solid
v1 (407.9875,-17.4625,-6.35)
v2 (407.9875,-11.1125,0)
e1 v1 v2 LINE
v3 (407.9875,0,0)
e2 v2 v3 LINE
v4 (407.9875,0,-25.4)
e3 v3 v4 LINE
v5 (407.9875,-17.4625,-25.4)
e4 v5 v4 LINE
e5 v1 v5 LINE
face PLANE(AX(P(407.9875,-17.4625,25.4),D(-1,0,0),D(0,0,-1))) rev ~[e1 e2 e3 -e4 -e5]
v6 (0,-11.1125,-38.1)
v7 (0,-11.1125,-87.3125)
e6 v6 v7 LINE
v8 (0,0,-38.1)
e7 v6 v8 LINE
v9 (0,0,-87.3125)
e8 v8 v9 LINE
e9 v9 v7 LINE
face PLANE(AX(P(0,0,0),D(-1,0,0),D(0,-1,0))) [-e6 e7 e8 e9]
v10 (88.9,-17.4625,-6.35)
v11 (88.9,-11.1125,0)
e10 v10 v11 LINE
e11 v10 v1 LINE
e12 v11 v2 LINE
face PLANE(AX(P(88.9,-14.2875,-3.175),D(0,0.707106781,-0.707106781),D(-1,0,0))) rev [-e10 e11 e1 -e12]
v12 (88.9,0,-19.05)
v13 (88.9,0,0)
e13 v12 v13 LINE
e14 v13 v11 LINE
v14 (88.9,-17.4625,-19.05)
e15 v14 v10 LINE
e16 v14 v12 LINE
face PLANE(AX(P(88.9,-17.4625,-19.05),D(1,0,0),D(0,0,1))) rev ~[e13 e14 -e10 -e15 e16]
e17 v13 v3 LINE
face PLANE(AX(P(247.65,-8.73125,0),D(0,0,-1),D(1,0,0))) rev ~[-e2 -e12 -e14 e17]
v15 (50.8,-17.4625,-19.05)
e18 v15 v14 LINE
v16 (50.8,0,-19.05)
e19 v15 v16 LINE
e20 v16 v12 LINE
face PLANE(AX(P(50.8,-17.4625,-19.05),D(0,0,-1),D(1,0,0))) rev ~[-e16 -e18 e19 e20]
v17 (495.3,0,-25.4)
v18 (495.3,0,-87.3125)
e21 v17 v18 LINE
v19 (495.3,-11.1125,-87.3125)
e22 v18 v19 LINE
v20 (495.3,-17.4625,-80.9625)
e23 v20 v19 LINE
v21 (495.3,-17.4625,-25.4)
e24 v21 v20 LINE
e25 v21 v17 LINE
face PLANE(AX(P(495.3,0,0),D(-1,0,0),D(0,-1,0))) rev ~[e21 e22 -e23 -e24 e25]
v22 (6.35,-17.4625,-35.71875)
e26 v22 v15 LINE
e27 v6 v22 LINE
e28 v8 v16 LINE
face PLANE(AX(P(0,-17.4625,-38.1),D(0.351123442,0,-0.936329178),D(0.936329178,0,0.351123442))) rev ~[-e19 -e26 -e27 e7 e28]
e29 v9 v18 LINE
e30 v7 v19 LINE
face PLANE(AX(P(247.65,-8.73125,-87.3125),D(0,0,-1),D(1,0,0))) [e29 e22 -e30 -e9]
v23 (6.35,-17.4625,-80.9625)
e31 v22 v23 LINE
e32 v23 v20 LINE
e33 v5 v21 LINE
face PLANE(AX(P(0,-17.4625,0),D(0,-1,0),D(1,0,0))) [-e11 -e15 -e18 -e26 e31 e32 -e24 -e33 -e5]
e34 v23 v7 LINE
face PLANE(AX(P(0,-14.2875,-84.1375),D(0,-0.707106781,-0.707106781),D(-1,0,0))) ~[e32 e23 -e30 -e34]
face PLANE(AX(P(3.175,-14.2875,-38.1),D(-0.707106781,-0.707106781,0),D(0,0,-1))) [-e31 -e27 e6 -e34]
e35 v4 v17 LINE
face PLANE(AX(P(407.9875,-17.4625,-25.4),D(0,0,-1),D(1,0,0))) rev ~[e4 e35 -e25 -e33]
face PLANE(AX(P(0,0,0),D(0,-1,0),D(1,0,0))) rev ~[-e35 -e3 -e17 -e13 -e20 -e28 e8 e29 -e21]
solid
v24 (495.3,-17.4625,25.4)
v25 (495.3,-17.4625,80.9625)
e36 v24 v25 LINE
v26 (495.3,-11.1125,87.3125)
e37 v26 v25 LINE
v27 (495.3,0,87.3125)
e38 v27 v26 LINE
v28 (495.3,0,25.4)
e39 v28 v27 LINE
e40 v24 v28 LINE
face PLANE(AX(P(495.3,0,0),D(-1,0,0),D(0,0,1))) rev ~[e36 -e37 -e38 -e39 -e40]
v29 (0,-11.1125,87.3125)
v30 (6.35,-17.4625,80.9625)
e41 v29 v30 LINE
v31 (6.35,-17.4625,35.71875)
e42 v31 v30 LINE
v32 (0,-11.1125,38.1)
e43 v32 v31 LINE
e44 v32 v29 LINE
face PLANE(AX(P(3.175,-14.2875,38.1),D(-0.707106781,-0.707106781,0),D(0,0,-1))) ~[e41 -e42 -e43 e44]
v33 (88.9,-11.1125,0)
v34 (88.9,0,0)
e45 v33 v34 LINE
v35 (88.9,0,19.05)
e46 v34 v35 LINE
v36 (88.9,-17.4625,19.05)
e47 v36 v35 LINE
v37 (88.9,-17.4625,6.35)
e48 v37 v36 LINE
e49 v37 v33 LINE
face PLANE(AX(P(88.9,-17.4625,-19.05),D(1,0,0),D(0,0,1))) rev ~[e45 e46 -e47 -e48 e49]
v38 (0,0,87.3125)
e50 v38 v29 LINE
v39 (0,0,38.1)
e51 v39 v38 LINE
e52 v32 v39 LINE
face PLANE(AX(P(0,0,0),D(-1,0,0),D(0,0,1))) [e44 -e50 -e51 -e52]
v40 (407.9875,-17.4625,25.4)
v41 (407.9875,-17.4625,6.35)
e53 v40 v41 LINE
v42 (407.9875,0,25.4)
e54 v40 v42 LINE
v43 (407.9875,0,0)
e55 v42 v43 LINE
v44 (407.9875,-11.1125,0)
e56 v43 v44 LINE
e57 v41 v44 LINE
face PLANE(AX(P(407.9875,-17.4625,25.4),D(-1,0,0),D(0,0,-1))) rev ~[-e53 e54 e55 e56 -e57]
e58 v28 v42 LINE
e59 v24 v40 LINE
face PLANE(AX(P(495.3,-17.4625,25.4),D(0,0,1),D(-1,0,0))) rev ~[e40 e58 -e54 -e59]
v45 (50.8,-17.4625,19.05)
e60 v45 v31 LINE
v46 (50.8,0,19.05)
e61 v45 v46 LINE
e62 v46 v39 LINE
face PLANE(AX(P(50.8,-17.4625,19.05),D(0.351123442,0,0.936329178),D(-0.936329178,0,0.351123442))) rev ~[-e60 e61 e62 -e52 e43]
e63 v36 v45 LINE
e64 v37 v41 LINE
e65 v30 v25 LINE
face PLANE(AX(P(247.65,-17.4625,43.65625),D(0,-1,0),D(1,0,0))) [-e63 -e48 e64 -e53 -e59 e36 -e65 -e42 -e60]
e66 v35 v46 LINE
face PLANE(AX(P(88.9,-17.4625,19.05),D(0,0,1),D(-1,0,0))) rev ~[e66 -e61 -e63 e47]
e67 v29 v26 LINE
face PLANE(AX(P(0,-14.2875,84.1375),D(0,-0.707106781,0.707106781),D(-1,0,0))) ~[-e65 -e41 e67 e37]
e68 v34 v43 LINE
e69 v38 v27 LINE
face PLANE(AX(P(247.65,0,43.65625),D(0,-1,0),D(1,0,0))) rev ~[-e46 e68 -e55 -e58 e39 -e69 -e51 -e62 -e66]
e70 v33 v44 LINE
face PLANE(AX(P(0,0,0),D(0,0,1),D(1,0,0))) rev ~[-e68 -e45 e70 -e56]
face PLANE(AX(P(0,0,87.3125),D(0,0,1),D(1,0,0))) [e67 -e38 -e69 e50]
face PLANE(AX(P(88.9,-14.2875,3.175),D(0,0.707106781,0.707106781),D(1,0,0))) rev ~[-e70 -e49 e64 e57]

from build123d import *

# Parameters (mm, degrees)
F0_W      = 495.3
F0_H      = 87.3125
F1_DEPTH  = 17.4625
F2_W      = 495.3
F2_H      = 17.4625
F3_DEPTH  = 87.3125
F5_DEPTH  = 25.4
F6_SIZE   = 6.35
F6_2_SIZE = 6.35
F7_SIZE   = 6.35


with BuildPart() as f1:
    # F0 (on Front) → F1 (new body)
    with BuildSketch(Plane.XZ):
        with Locations((247.65, 43.65625)):
            Rectangle(F0_W, F0_H)
    extrude(amount=F1_DEPTH)


with BuildPart() as f3:
    # F2 (on face) → F3 (new body)
    with BuildSketch(Plane(origin=(0, 0, 0), x_dir=(1, 0, 0), z_dir=(0, 0, -1))):
        with Locations((247.65, 8.73125)):
            Rectangle(F2_W, F2_H)
    extrude(amount=F3_DEPTH)


with BuildPart() as f5_tool:
    # F4 (on face) → F5 (new body)
    with BuildSketch(Plane.XZ.offset(17.4625)):
        Polygon((495.3, -25.4), (495.3, 0), (495.3, 25.4), (407.9875, 25.4), (407.9875, 0), (407.9875, -25.4), align=None)
        Polygon((50.8, 19.05), (0, 38.1), (0, 0), (88.9, 0), (88.9, 19.05), align=None)
        Polygon((88.9, 0), (0, 0), (0, -38.1), (50.8, -19.05), (88.9, -19.05), align=None)
    extrude(amount=-F5_DEPTH)


with BuildPart() as f1_1:
    add(f1.part)

    # F5: cut by f5_tool
    add(f5_tool.part, mode=Mode.SUBTRACT)

    # F6
    f6_edges = [f1_1.edges().sort_by_distance(p)[0] for p in [
        (247.65, -17.4625, 87.3125),
        (248.44375, -17.4625, 0),
        (0, -17.4625, 62.70625),
    ]]
    chamfer(f6_edges, length=F6_SIZE)


with BuildPart() as f3_1:
    add(f3.part)

    # F5: cut by f5_tool
    add(f5_tool.part, mode=Mode.SUBTRACT)

    # F6#2
    f6_2_edges = [f3_1.edges().sort_by_distance(p)[0] for p in [
        (247.65, -17.4625, -87.3125),
        (0, -17.4625, -62.70625),
    ]]
    chamfer(f6_2_edges, length=F6_2_SIZE)

    # F7
    f7_edges = [f3_1.edges().sort_by_distance(p)[0] for p in [
        (248.44375, -17.4625, 0),
    ]]
    chamfer(f7_edges, length=F7_SIZE)


solid = Compound([f1_1.part, f3_1.part])
